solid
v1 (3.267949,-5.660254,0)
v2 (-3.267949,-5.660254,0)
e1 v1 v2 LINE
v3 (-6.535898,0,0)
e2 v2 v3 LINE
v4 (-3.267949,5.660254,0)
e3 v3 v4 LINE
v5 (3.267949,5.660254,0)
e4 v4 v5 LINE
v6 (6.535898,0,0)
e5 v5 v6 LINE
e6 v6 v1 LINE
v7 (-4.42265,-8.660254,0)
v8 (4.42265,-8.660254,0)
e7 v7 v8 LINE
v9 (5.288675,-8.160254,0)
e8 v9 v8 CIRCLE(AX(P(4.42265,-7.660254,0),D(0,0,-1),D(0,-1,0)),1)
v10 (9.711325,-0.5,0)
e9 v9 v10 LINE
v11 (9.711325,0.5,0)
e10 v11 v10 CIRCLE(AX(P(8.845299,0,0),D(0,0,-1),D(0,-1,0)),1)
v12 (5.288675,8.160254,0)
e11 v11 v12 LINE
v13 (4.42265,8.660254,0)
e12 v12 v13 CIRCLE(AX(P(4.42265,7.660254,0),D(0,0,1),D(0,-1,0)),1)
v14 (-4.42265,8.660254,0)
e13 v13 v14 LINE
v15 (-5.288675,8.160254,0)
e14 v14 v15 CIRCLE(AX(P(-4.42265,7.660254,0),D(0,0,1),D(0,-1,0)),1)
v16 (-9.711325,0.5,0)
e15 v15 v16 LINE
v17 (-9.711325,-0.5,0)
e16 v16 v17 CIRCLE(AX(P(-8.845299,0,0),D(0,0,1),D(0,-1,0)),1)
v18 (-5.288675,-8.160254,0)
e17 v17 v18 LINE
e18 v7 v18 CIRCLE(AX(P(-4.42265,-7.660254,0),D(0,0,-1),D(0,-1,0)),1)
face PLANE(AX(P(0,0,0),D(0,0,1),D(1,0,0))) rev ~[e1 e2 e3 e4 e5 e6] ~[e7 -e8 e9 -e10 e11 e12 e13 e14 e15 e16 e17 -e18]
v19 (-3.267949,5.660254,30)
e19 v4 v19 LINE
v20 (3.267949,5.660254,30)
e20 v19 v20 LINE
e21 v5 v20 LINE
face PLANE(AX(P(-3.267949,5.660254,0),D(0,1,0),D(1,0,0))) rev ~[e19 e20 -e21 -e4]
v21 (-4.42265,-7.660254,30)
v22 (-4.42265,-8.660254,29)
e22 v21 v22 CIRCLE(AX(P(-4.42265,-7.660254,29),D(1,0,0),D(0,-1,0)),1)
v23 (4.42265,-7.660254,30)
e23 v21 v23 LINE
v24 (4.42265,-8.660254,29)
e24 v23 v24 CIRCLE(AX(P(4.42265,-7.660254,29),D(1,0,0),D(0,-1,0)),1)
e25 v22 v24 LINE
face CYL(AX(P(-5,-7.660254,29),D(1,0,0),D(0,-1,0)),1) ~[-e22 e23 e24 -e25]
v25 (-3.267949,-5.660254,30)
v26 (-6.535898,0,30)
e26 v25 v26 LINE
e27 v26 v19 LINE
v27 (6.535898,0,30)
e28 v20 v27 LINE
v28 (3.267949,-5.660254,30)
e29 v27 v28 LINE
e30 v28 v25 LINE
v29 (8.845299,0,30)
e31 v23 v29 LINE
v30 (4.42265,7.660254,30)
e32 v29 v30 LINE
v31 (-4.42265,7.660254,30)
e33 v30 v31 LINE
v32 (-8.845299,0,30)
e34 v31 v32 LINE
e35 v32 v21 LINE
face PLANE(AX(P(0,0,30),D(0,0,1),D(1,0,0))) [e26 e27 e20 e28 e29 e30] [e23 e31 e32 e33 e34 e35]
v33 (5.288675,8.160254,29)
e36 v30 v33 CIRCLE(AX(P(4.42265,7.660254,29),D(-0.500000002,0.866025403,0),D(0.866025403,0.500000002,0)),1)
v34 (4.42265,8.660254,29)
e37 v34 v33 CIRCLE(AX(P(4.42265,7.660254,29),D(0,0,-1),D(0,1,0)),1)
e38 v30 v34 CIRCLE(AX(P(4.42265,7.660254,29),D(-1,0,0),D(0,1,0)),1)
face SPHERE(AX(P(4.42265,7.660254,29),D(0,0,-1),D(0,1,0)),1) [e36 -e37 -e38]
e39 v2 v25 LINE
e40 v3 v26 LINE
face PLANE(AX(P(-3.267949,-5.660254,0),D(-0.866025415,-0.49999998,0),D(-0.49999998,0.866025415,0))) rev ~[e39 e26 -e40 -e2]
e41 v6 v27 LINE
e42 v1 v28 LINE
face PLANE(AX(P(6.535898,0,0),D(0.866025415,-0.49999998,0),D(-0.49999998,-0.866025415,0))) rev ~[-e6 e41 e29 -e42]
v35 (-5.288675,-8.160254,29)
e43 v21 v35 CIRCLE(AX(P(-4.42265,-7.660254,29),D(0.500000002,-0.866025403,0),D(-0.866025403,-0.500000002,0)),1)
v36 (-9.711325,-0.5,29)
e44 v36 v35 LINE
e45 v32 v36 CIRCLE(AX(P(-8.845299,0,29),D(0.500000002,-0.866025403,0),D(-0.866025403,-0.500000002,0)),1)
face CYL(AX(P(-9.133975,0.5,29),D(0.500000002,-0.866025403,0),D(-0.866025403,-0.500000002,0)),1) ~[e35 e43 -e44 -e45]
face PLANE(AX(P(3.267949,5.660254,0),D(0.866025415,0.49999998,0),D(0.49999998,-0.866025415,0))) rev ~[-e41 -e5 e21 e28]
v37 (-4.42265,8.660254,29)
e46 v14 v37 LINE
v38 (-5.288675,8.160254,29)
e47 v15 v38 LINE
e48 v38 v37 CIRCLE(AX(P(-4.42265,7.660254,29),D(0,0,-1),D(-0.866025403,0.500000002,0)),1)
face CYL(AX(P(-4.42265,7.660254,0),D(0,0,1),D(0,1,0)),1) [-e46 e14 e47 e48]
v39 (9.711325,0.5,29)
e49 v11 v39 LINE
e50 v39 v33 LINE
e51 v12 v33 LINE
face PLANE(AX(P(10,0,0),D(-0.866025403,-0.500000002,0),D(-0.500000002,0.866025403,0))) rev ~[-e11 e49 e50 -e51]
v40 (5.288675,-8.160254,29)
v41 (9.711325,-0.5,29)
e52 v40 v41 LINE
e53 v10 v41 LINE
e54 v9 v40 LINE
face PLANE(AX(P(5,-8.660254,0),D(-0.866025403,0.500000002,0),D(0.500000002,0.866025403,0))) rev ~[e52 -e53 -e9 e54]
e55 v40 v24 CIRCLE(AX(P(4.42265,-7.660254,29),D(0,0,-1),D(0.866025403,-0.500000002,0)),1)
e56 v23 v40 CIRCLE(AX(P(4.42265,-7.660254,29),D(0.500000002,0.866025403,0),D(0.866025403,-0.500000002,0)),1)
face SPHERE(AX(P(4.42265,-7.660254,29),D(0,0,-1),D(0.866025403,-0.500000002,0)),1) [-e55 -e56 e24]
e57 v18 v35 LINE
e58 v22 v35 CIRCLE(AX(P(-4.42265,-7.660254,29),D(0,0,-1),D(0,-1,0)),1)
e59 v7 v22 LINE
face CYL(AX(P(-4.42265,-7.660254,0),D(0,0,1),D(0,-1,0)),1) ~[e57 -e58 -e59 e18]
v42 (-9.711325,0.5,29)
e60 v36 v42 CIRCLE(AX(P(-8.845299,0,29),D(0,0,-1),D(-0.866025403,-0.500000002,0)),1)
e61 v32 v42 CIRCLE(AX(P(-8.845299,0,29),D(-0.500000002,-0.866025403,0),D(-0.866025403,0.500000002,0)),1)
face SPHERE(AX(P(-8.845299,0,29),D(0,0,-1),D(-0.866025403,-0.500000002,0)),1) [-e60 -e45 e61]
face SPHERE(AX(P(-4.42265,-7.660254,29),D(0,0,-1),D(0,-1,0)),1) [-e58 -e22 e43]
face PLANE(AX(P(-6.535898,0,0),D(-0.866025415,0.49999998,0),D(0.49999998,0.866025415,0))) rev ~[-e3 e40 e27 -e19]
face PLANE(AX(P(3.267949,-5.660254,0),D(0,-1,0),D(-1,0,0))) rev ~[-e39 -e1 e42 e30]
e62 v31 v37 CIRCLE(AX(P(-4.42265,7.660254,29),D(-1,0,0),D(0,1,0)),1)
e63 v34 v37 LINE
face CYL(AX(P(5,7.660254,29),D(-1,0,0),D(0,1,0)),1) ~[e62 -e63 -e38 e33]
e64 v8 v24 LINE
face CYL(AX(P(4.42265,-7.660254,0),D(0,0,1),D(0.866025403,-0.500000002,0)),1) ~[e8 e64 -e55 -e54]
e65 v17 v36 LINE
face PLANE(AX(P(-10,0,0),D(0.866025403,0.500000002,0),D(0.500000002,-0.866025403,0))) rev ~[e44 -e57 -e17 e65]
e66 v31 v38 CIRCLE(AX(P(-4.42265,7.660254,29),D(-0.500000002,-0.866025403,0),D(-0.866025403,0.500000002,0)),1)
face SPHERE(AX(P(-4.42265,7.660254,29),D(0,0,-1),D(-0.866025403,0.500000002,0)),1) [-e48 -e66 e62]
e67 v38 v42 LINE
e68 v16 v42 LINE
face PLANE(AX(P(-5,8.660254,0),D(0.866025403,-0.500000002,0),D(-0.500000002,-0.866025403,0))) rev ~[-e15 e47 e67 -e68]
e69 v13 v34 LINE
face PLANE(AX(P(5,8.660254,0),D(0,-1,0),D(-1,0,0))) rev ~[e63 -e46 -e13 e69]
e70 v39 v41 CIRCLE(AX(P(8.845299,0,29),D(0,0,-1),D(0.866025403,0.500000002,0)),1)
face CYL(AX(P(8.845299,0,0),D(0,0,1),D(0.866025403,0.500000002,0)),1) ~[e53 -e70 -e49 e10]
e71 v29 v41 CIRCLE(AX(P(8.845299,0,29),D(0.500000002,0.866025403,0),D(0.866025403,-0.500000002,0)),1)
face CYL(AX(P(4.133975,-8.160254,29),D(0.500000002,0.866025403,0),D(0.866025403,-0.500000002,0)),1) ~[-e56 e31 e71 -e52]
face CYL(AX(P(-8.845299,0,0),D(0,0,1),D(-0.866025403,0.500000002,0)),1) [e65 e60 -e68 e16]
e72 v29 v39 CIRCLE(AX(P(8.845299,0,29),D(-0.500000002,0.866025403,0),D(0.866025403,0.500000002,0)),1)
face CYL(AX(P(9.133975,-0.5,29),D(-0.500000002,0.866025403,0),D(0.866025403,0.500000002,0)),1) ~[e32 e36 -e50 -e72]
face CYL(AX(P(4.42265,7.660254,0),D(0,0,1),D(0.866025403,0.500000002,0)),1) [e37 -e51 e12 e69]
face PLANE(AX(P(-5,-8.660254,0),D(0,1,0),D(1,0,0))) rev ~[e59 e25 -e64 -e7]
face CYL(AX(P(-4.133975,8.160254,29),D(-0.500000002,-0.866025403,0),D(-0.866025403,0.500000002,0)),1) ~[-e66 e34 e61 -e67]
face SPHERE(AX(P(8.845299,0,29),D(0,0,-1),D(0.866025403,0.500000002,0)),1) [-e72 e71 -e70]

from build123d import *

# Parameters (mm, degrees)
F1_DEPTH = 30
F2_R     = 1


with BuildPart() as f1:
    # F0 (on Top) → F1 (new body)
    with BuildSketch(Plane.XY):
        Polygon((10, 0), (5, 8.660254), (-5, 8.660254), (-10, 0), (-5, -8.660254), (5, -8.660254), align=None)
        Polygon((3.267949, -5.660254), (-3.267949, -5.660254), (-6.535898, 0), (-3.267949, 5.660254), (3.267949, 5.660254), (6.535898, 0), align=None, mode=Mode.SUBTRACT)
    extrude(amount=F1_DEPTH)

    # F2
    f2_edges = [f1.edges().sort_by_distance(p)[0] for p in [
        (-5, -8.660254, 15),
        (0, -8.660254, 30),
        (5, -8.660254, 15),
        (7.5, -4.330127, 30),
        (10, 0, 15),
        (7.5, 4.330127, 30),
        (5, 8.660254, 15),
        (0, 8.660254, 30),
        (-5, 8.660254, 15),
        (-7.5, 4.330127, 30),
        (-10, 0, 15),
        (-7.5, -4.330127, 30),
    ]]
    fillet(f2_edges, radius=F2_R)


solid = f1.part
